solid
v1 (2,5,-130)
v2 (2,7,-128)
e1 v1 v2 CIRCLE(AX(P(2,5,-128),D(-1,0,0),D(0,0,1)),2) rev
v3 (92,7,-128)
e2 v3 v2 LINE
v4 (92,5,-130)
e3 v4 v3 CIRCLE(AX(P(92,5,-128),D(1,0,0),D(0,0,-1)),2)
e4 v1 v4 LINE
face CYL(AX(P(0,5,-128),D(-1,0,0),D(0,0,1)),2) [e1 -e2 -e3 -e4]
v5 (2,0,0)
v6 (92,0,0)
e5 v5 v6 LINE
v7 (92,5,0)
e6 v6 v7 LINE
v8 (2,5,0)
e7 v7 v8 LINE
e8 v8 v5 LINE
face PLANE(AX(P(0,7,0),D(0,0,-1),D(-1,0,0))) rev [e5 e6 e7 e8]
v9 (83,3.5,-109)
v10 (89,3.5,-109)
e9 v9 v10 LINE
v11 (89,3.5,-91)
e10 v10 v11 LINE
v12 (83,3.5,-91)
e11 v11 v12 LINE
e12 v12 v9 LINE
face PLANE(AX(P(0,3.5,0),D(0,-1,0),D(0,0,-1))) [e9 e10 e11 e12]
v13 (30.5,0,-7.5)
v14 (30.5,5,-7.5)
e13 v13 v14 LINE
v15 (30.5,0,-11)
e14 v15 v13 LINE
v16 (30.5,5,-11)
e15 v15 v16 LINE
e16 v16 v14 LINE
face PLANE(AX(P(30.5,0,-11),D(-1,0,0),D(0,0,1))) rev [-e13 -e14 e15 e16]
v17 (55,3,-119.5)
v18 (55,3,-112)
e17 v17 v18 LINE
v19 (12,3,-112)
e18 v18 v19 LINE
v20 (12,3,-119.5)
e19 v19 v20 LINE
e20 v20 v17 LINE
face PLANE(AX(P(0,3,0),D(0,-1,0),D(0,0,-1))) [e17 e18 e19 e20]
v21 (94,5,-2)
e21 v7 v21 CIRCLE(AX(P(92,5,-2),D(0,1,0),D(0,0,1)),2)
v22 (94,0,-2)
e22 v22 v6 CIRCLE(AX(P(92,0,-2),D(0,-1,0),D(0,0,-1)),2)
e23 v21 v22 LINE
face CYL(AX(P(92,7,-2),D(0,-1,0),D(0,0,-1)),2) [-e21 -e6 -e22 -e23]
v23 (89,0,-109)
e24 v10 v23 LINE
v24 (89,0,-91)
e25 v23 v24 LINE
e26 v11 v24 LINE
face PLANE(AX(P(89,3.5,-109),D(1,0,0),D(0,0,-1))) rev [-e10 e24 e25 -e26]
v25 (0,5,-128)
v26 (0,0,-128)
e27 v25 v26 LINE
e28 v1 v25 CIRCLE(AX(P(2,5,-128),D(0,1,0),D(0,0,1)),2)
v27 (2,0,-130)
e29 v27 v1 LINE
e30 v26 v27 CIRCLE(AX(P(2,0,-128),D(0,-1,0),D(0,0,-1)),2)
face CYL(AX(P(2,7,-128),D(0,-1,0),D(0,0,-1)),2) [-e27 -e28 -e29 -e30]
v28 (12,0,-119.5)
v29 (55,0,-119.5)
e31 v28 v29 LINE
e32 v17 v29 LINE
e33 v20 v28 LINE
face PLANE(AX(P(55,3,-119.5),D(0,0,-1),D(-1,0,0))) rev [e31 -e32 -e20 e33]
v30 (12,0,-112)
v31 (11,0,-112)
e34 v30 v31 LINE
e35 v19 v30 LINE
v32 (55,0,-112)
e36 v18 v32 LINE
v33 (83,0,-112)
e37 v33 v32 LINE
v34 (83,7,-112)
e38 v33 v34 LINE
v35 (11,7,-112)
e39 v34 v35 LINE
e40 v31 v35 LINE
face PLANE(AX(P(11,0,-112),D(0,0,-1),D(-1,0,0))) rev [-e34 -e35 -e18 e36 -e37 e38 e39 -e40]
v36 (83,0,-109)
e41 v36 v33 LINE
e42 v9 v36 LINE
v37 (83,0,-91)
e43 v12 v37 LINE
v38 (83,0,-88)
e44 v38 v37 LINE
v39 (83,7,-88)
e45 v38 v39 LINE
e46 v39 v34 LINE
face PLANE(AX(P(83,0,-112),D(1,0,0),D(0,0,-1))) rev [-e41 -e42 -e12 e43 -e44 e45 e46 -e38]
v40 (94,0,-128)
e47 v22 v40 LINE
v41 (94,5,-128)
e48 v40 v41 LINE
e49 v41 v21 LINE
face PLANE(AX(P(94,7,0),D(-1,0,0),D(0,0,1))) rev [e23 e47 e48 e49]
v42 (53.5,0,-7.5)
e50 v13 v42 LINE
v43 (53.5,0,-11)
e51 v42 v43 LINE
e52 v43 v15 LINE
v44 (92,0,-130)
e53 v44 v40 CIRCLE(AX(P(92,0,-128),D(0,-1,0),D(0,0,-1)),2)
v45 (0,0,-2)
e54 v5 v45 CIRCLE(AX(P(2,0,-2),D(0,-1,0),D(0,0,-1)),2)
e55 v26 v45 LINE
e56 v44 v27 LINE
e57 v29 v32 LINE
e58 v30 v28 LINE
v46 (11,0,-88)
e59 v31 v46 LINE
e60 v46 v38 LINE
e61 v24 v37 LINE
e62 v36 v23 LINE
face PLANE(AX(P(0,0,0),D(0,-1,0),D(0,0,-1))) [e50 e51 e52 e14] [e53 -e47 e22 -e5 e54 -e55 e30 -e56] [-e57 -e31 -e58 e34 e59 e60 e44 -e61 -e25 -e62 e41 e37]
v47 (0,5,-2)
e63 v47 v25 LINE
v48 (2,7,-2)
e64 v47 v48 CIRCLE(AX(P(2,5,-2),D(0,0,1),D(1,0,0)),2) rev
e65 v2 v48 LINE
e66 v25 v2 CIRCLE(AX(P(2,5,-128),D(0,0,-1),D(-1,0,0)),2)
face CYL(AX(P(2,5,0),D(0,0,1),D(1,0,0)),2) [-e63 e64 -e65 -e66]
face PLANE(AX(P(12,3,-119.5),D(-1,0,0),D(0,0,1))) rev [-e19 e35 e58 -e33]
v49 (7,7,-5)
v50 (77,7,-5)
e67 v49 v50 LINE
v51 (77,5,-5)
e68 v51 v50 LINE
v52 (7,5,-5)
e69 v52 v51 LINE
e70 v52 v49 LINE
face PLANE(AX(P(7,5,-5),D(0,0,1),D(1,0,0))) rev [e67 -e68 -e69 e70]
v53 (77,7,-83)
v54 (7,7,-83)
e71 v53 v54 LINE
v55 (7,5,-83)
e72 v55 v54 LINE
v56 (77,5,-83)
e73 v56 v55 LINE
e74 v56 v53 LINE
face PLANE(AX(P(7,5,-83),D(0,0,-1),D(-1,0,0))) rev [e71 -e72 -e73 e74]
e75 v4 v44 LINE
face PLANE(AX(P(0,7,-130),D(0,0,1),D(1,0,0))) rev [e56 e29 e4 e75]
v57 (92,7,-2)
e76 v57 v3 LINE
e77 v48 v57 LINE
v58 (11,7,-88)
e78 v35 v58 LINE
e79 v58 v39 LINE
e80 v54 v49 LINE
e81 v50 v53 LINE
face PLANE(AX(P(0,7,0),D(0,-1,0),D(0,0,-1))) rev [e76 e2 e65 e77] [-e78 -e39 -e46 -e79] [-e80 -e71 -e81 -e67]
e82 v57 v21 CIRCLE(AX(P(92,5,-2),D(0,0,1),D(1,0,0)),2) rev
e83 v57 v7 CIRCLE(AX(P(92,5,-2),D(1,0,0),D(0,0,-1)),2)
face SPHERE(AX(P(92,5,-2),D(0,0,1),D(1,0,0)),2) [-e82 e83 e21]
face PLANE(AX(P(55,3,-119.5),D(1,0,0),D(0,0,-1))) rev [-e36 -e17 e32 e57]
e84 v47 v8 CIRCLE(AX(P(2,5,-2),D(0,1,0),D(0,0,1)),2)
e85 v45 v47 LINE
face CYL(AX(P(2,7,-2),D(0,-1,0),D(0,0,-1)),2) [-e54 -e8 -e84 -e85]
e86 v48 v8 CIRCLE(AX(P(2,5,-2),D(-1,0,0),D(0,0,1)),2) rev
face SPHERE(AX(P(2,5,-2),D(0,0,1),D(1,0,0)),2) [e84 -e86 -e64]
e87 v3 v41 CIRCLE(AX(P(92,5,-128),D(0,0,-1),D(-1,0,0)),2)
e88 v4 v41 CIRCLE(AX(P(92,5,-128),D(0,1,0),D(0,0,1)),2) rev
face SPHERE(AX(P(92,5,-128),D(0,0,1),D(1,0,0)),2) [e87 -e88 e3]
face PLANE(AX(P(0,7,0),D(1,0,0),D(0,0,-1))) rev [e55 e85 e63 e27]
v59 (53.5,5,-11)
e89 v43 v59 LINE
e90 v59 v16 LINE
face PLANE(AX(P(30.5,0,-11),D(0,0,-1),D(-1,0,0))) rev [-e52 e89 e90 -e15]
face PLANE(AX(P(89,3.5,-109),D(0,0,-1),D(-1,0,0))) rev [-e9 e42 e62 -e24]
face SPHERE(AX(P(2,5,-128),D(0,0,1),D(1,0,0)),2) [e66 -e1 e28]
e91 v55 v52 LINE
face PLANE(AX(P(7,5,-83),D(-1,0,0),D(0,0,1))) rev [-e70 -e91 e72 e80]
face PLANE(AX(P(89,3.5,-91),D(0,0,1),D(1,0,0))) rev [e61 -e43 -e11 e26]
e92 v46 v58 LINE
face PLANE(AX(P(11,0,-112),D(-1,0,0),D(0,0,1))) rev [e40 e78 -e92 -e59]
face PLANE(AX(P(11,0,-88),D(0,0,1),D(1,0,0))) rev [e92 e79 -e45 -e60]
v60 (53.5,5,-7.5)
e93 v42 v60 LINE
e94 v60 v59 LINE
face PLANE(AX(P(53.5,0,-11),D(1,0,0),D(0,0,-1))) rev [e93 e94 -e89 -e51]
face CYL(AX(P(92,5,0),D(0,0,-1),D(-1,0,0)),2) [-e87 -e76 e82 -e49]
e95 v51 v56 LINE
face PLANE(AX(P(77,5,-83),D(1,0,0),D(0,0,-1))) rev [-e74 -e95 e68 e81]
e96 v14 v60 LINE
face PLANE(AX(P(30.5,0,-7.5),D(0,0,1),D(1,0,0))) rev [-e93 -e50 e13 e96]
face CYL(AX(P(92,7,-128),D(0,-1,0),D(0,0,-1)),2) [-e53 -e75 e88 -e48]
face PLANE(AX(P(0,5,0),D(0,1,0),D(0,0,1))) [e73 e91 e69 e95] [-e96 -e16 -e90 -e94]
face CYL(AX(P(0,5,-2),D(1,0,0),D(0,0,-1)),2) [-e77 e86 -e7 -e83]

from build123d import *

# Parameters (mm, degrees)
SKETCH1_W           = 94
SKETCH1_H           = 130
BOSS_EXTRUDE1_DEPTH = 7
SKETCH2_W           = 72
SKETCH2_H           = 24
CUT_EXTRUDE1_DEPTH  = 8
SKETCH3_W           = 6
SKETCH3_H           = 18
CUT_EXTRUDE2_DEPTH  = 3.5
SKETCH4_W           = 43
SKETCH4_H           = 7.5
CUT_EXTRUDE3_DEPTH  = 3
SKETCH5_W           = 70
SKETCH5_H           = 78
CUT_EXTRUDE4_DEPTH  = 2
SKETCH6_W           = 23
SKETCH6_H           = 3.5
CUT_EXTRUDE5_DEPTH  = 6
FILLET1_R           = 2


with BuildPart() as part:
    # Sketch1 → Boss-Extrude1 (new body)
    with BuildSketch(Plane(origin=(0, 0, 0), x_dir=(1, 0, 0), z_dir=(0, 1, 0))):
        with Locations((47, 65)):
            Rectangle(SKETCH1_W, SKETCH1_H)
    extrude(amount=BOSS_EXTRUDE1_DEPTH)

    # Sketch2 → Cut-Extrude1 (cut, through all)
    with BuildSketch(Plane(origin=(0, 7, 0), x_dir=(1, 0, 0), z_dir=(0, 1, 0))):
        with Locations((47, 100)):
            Rectangle(SKETCH2_W, SKETCH2_H)
    extrude(amount=-CUT_EXTRUDE1_DEPTH, mode=Mode.SUBTRACT)

    # Sketch3 → Cut-Extrude2 (cut)
    with BuildSketch(Plane.XZ):
        with Locations((86, -100)):
            Rectangle(SKETCH3_W, SKETCH3_H)
    extrude(amount=-CUT_EXTRUDE2_DEPTH, mode=Mode.SUBTRACT)

    # Sketch4 → Cut-Extrude3 (cut)
    with BuildSketch(Plane.XZ):
        with Locations((33.5, -115.75)):
            Rectangle(SKETCH4_W, SKETCH4_H)
    extrude(amount=-CUT_EXTRUDE3_DEPTH, mode=Mode.SUBTRACT)

    # Sketch5 → Cut-Extrude4 (cut)
    with BuildSketch(Plane(origin=(0, 7, 0), x_dir=(1, 0, 0), z_dir=(0, 1, 0))):
        with Locations((42, 44)):
            Rectangle(SKETCH5_W, SKETCH5_H)
    extrude(amount=-CUT_EXTRUDE4_DEPTH, mode=Mode.SUBTRACT)

    # Sketch6 → Cut-Extrude5 (cut, through all)
    with BuildSketch(Plane(origin=(0, 5, 0), x_dir=(1, 0, 0), z_dir=(0, 1, 0))):
        with Locations((42, 9.25)):
            Rectangle(SKETCH6_W, SKETCH6_H)
    extrude(amount=-CUT_EXTRUDE5_DEPTH, mode=Mode.SUBTRACT)

    # Fillet1
    fillet1_edges = [part.edges().sort_by_distance(p)[0] for p in [
        (94, 7, -65),
        (47, 7, -130),
        (0, 7, -65),
        (0, 3.5, -130),
        (94, 3.5, -130),
        (94, 3.5, 0),
        (0, 3.5, 0),
        (47, 7, 0),
    ]]
    fillet(fillet1_edges, radius=FILLET1_R)


solid = part.part
